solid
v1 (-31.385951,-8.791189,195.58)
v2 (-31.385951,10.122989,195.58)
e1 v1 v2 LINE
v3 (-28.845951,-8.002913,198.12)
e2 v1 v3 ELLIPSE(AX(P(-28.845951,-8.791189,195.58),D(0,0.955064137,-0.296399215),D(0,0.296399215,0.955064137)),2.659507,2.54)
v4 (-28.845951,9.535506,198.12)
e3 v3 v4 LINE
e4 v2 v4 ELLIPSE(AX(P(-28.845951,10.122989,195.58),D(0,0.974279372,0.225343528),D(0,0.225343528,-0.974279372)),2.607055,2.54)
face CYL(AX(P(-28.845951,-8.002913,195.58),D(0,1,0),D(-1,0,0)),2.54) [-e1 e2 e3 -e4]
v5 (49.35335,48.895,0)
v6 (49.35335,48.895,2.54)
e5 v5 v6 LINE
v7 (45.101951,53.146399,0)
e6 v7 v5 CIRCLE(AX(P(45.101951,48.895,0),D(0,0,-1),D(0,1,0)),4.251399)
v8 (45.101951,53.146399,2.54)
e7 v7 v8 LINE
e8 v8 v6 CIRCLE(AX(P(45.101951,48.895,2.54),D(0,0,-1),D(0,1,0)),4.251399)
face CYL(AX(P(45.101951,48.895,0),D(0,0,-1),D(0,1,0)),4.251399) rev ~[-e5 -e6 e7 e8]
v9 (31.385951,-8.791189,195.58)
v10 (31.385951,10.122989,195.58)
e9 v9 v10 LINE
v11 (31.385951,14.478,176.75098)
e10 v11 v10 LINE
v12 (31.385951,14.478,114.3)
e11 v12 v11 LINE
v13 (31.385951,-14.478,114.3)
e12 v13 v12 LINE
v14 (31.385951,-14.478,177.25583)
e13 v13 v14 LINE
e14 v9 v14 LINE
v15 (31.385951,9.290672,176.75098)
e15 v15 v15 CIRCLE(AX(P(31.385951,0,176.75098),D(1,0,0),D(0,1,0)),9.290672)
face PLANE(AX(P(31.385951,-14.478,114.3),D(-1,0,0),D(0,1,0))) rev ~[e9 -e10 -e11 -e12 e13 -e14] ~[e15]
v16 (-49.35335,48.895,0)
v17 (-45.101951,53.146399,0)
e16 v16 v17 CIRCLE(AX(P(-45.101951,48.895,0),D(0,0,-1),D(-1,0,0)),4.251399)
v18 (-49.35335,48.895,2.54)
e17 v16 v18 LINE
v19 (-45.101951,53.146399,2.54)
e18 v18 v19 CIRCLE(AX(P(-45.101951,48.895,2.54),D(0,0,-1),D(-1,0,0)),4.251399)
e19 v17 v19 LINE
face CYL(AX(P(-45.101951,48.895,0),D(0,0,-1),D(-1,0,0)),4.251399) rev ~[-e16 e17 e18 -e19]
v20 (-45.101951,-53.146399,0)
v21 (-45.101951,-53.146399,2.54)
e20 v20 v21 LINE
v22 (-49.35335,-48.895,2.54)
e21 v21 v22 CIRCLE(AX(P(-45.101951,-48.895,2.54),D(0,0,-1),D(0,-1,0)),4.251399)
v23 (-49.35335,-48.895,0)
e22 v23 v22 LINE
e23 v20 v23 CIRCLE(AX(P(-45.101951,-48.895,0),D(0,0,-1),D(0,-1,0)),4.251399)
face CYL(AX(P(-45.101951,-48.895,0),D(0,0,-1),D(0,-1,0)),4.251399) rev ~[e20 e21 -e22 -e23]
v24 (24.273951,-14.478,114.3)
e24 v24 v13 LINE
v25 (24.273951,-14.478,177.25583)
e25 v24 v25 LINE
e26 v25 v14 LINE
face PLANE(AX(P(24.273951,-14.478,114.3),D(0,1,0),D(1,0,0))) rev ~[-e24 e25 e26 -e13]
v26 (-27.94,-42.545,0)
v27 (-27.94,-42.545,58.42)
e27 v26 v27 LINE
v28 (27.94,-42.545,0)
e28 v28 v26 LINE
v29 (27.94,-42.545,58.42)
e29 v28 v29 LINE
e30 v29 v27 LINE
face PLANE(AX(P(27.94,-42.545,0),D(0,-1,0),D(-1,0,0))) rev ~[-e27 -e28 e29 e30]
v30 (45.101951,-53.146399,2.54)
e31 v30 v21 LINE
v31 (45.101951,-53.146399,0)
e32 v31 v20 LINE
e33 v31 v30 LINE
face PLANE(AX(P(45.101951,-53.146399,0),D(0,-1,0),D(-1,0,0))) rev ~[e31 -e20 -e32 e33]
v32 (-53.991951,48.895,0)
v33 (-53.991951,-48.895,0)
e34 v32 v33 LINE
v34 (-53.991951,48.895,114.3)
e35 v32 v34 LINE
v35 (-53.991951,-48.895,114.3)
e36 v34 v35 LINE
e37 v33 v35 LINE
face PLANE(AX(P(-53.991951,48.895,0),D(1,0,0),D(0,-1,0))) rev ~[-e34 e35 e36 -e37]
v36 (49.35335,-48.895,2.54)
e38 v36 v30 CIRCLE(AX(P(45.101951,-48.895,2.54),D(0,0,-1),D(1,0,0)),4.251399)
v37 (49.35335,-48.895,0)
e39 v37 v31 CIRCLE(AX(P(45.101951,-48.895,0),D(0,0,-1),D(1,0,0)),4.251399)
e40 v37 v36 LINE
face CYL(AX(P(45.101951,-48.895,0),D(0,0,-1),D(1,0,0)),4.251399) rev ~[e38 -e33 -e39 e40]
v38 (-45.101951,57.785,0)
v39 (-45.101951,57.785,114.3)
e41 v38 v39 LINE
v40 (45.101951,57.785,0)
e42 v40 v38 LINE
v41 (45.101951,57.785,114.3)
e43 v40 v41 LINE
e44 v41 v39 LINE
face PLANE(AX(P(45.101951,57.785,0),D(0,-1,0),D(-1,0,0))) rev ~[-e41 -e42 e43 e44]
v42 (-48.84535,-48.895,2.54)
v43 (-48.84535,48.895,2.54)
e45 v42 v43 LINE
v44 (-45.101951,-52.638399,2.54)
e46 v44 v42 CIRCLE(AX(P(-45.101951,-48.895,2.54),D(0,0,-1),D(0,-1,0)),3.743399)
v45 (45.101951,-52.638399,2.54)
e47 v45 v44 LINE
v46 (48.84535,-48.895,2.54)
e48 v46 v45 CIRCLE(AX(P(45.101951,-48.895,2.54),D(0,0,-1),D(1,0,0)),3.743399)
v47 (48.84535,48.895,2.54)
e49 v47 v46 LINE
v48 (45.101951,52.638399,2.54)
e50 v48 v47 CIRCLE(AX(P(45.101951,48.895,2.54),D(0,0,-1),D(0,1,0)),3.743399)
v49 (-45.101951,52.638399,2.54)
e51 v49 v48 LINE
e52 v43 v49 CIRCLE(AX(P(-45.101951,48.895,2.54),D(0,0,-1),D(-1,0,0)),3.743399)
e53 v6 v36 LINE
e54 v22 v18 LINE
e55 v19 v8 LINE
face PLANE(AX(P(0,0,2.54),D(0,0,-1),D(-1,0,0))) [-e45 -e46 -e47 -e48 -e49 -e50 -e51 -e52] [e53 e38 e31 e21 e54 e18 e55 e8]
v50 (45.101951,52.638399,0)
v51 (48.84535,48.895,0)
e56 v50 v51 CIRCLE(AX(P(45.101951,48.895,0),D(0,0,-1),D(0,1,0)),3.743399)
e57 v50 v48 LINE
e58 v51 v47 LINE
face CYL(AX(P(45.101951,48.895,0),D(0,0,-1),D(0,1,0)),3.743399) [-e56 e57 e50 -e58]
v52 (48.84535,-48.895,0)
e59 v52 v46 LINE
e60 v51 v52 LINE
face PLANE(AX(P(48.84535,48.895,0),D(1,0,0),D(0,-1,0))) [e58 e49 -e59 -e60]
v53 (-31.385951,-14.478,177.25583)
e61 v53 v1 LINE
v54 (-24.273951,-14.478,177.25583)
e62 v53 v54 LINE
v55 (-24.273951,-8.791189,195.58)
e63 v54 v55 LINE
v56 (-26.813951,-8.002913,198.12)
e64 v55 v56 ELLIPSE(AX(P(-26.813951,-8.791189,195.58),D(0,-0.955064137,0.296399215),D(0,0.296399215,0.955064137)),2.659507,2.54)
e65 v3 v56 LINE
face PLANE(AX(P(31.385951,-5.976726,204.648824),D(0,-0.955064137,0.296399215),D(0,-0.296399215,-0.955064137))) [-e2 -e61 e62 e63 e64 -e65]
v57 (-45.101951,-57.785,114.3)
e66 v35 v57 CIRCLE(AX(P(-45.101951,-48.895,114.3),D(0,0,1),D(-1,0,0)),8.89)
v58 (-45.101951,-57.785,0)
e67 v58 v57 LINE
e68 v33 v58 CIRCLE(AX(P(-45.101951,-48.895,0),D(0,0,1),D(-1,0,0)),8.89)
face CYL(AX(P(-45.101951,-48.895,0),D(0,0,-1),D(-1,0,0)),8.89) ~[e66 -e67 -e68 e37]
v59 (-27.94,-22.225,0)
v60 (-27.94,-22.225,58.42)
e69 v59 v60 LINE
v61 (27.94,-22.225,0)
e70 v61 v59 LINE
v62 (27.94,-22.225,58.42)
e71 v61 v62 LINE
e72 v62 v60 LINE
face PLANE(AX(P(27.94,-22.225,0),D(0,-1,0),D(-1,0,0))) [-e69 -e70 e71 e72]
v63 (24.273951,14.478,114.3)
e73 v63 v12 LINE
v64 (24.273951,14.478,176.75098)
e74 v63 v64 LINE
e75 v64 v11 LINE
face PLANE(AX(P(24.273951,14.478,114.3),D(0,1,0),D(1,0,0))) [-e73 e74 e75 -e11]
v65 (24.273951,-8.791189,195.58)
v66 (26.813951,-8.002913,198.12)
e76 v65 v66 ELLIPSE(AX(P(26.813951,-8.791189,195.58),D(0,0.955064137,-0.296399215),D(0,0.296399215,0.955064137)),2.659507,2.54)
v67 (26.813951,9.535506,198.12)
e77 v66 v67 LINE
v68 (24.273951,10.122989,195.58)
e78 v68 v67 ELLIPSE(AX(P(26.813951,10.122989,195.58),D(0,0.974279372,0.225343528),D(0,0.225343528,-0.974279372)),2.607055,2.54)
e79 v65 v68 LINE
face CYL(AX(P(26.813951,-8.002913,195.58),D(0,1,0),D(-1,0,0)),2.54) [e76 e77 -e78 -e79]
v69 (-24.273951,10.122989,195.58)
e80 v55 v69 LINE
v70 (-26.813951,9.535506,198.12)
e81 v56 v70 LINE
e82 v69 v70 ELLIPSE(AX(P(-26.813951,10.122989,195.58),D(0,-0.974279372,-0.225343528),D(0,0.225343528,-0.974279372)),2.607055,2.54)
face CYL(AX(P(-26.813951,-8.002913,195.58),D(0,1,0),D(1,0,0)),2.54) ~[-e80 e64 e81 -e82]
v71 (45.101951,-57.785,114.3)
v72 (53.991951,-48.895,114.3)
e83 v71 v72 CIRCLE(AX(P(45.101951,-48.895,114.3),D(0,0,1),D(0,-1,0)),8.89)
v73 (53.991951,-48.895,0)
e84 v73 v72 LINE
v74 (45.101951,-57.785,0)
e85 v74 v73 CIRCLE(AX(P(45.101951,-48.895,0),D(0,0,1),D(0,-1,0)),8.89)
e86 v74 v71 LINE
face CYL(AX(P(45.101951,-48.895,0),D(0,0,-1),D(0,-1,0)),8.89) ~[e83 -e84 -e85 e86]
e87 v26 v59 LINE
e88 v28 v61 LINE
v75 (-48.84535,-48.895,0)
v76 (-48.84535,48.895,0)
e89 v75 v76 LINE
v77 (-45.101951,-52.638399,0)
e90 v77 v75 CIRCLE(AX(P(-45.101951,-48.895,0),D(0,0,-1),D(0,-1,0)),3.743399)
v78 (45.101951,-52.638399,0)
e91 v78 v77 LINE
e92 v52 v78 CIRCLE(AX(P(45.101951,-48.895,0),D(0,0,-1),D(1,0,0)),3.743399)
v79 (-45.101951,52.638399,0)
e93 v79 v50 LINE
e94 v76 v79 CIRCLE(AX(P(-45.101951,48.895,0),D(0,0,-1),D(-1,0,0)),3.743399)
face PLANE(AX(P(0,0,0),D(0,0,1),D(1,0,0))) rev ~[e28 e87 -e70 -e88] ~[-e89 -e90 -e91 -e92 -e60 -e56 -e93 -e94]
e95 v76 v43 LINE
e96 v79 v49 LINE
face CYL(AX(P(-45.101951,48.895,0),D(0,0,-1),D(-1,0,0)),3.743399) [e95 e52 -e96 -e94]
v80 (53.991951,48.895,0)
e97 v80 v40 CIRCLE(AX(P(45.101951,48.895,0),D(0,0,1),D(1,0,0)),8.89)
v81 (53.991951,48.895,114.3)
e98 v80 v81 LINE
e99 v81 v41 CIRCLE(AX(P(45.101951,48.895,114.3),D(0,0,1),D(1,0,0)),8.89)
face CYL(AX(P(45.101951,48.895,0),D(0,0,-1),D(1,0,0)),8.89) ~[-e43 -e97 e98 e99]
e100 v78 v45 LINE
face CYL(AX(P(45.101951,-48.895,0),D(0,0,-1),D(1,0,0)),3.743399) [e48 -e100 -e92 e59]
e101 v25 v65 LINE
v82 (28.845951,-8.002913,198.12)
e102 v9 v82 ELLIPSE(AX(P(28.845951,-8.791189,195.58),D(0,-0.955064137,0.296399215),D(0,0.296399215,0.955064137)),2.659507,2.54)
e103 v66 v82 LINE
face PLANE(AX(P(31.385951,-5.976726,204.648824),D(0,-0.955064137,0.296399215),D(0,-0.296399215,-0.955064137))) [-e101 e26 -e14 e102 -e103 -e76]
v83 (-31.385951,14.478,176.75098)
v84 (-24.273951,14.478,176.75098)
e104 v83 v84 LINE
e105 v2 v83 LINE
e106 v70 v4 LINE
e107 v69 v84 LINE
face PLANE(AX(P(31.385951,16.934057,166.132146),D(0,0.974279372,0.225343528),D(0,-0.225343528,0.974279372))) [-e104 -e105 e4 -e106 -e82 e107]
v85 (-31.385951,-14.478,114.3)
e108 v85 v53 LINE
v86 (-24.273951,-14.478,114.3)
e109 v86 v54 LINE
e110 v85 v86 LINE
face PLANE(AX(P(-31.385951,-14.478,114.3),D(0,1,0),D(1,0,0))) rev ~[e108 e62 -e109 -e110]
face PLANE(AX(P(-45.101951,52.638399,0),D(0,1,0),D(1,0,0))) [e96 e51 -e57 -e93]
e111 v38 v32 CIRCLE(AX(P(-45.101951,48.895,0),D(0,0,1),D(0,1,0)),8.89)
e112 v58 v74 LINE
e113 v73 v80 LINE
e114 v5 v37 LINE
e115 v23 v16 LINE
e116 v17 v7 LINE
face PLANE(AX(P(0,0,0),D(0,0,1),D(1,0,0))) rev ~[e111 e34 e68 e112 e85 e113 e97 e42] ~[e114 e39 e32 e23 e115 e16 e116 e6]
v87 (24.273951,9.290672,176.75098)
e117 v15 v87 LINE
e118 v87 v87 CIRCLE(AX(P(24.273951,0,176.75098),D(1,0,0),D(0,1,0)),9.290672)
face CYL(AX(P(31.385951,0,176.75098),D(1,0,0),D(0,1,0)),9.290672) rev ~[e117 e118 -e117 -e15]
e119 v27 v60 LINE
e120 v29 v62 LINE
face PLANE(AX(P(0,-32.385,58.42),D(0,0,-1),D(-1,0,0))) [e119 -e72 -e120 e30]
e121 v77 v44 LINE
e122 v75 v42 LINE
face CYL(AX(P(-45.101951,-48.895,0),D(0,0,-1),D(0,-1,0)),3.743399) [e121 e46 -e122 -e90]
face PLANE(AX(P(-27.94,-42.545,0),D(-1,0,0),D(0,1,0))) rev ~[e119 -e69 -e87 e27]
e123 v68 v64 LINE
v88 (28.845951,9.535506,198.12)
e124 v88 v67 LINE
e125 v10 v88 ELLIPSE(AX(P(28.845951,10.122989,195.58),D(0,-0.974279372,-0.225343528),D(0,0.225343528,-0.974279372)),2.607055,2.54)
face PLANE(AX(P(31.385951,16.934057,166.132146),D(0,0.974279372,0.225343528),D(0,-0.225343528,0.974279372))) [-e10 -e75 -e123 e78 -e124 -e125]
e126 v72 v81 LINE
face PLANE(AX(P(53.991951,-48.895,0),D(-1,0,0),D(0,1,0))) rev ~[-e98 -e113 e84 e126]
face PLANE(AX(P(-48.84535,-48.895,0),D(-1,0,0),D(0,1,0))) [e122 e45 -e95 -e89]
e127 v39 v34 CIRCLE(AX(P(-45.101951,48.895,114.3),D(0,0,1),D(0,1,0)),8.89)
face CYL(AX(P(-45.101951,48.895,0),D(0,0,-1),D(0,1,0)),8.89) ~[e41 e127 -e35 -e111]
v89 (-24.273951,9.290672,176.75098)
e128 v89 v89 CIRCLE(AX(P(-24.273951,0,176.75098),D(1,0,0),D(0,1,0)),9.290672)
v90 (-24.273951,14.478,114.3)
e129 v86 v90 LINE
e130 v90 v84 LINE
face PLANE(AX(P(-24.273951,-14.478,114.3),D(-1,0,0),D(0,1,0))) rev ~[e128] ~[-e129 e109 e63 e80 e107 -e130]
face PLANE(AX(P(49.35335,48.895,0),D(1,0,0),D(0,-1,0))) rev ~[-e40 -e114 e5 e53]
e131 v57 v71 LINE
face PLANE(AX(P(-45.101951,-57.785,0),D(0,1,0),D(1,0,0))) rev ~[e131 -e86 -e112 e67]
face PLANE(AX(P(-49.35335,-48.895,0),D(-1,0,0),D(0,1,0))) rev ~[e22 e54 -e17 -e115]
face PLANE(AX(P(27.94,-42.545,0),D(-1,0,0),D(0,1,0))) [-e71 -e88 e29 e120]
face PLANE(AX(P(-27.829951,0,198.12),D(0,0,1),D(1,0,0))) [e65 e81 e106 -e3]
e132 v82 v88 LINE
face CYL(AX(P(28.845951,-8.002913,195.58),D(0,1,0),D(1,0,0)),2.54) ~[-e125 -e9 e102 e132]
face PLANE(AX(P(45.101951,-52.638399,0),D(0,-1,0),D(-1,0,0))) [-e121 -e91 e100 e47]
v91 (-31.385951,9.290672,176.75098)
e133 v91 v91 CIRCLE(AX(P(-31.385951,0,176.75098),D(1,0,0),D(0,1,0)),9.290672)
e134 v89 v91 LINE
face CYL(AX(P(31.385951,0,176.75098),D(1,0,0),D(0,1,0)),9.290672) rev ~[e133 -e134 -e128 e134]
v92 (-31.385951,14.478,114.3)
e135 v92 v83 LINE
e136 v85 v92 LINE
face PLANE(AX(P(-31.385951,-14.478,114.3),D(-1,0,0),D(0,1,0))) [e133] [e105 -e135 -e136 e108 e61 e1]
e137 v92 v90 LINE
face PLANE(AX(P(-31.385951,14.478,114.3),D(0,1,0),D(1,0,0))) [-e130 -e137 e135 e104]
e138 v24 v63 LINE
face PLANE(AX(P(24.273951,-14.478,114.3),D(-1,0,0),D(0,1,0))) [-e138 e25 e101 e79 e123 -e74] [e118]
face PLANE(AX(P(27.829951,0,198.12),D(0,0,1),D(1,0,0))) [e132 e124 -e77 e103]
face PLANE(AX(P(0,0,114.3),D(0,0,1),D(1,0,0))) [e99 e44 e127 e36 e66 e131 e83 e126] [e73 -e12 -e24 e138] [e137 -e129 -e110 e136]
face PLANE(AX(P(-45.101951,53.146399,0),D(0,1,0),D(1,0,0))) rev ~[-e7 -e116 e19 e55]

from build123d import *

# Parameters (mm, degrees)
BOSS_EXTRUDE1_DEPTH     = 114.3
SKETCH2_W               = 55.88
SKETCH2_H               = 20.32
CUT_EXTRUDE1_DEPTH      = 58.42
SKETCH4_W               = 7.112
SKETCH4_H               = 28.956
BOSS_EXTRUDE2_DEPTH     = 83.82
CUT_EXTRUDE3_DEPTH      = 81.026
SKETCH8_R               = 9.290672209
CUT_EXTRUDE4_DEPTH      = 81.026
FILLET1_R               = 2.54
CUT_EXTRUDE_THIN1_DEPTH = 2.54


with BuildPart() as part:
    # Sketch1 → Boss-Extrude1 (new body)
    with BuildSketch(Plane.XY):
        with BuildLine():
            Line((45.101951145, 57.785), (-45.101951145, 57.785))
            ThreePointArc((-45.101951145, 57.785), (-51.38813043, 55.181179285), (-53.991951145, 48.895))
            Line((-53.991951145, 48.895), (-53.991951145, -48.895))
            ThreePointArc((-53.991951145, -48.895), (-51.38813043, -55.181179285), (-45.101951145, -57.785))
            Line((-45.101951145, -57.785), (45.101951145, -57.785))
            ThreePointArc((45.101951145, -57.785), (51.38813043, -55.181179285), (53.991951145, -48.895))
            Line((53.991951145, -48.895), (53.991951145, 48.895))
            ThreePointArc((53.991951145, 48.895), (51.38813043, 55.181179285), (45.101951145, 57.785))
        make_face()
    extrude(amount=BOSS_EXTRUDE1_DEPTH)

    # Sketch2 → Cut-Extrude1 (cut)
    with BuildSketch(Plane(origin=(0, 0, 0), x_dir=(-1, 0, 0), z_dir=(0, 0, -1))):
        with Locations((0, -32.385)):
            Rectangle(SKETCH2_W, SKETCH2_H)
    extrude(amount=-CUT_EXTRUDE1_DEPTH, mode=Mode.SUBTRACT)

    # Sketch4 → Boss-Extrude2 (add)
    with BuildSketch(Plane.XY.offset(114.3)):
        with Locations((-27.829951145, 0)):
            Rectangle(SKETCH4_W, SKETCH4_H)
        with Locations((27.829951145, 0)):
            Rectangle(SKETCH4_W, SKETCH4_H)
    extrude(amount=BOSS_EXTRUDE2_DEPTH)

    # Sketch7 → Cut-Extrude3 (cut)
    with BuildSketch(Plane(origin=(31.385951145, 0, 0), x_dir=(0, 0, -1), z_dir=(1, 0, 0))):
        Polygon((-214.942074504, -34.200153794), (-240.17713944, 1.162141148), (-200.137312033, 42.544769544), (-200.137312033, 40.508920027), (-166.132146275, 16.934056733), (-214.942074504, 5.644685578), (-204.648824334, -5.976725906), (-166.132146275, -17.930177717), align=None)
    extrude(amount=-CUT_EXTRUDE3_DEPTH, mode=Mode.SUBTRACT)

    # Sketch8 → Cut-Extrude4 (cut)
    with BuildSketch(Plane(origin=(31.385951145, 0, 0), x_dir=(0, 0, -1), z_dir=(1, 0, 0))):
        with Locations(Location((-176.750979796, 0, 0), (0, 0, 90))):
            Circle(SKETCH8_R)
    extrude(amount=-CUT_EXTRUDE4_DEPTH, mode=Mode.SUBTRACT)

    # Fillet1
    fillet1_edges = [part.edges().sort_by_distance(p)[0] for p in [
        (31.385951145, 0.766296382, 198.12),
        (24.273951145, 0.766296382, 198.12),
        (-31.385951145, 0.766296382, 198.12),
        (-24.273951145, 0.766296382, 198.12),
    ]]
    fillet(fillet1_edges, radius=FILLET1_R)

    # Sketch9 → Cut-Extrude-Thin1 (cut)
    with BuildSketch(Plane(origin=(0, 0, 0), x_dir=(-1, 0, 0), z_dir=(0, 0, -1))):
        with BuildLine():
            Line((-45.101951145, -53.146398513), (45.101951145, -53.146398513))
            ThreePointArc((45.101951145, -53.146398513), (48.108143863, -51.901192718), (49.353349658, -48.895))
            Line((49.353349658, -48.895), (49.353349658, 48.895))
            ThreePointArc((49.353349658, 48.895), (48.108143863, 51.901192718), (45.101951145, 53.146398513))
            Line((45.101951145, 53.146398513), (-45.101951145, 53.146398513))
            ThreePointArc((-45.101951145, 53.146398513), (-48.108143863, 51.901192718), (-49.353349658, 48.895))
            Line((-49.353349658, 48.895), (-49.353349658, -48.895))
            ThreePointArc((-49.353349658, -48.895), (-48.108143863, -51.901192718), (-45.101951145, -53.146398513))
        make_face()
        with BuildLine():
            Line((-45.101951145, -52.638398513), (45.101951145, -52.638398513))
            ThreePointArc((45.101951145, -52.638398513), (47.748933618, -51.541982473), (48.845349658, -48.895))
            Line((48.845349658, -48.895), (48.845349658, 48.895))
            ThreePointArc((48.845349658, 48.895), (47.748933618, 51.541982473), (45.101951145, 52.638398513))
            Line((45.101951145, 52.638398513), (-45.101951145, 52.638398513))
            ThreePointArc((-45.101951145, 52.638398513), (-47.748933618, 51.541982473), (-48.845349658, 48.895))
            Line((-48.845349658, 48.895), (-48.845349658, -48.895))
            ThreePointArc((-48.845349658, -48.895), (-47.748933618, -51.541982473), (-45.101951145, -52.638398513))
        make_face(mode=Mode.SUBTRACT)
    extrude(amount=-CUT_EXTRUDE_THIN1_DEPTH, mode=Mode.SUBTRACT)


solid = part.part
